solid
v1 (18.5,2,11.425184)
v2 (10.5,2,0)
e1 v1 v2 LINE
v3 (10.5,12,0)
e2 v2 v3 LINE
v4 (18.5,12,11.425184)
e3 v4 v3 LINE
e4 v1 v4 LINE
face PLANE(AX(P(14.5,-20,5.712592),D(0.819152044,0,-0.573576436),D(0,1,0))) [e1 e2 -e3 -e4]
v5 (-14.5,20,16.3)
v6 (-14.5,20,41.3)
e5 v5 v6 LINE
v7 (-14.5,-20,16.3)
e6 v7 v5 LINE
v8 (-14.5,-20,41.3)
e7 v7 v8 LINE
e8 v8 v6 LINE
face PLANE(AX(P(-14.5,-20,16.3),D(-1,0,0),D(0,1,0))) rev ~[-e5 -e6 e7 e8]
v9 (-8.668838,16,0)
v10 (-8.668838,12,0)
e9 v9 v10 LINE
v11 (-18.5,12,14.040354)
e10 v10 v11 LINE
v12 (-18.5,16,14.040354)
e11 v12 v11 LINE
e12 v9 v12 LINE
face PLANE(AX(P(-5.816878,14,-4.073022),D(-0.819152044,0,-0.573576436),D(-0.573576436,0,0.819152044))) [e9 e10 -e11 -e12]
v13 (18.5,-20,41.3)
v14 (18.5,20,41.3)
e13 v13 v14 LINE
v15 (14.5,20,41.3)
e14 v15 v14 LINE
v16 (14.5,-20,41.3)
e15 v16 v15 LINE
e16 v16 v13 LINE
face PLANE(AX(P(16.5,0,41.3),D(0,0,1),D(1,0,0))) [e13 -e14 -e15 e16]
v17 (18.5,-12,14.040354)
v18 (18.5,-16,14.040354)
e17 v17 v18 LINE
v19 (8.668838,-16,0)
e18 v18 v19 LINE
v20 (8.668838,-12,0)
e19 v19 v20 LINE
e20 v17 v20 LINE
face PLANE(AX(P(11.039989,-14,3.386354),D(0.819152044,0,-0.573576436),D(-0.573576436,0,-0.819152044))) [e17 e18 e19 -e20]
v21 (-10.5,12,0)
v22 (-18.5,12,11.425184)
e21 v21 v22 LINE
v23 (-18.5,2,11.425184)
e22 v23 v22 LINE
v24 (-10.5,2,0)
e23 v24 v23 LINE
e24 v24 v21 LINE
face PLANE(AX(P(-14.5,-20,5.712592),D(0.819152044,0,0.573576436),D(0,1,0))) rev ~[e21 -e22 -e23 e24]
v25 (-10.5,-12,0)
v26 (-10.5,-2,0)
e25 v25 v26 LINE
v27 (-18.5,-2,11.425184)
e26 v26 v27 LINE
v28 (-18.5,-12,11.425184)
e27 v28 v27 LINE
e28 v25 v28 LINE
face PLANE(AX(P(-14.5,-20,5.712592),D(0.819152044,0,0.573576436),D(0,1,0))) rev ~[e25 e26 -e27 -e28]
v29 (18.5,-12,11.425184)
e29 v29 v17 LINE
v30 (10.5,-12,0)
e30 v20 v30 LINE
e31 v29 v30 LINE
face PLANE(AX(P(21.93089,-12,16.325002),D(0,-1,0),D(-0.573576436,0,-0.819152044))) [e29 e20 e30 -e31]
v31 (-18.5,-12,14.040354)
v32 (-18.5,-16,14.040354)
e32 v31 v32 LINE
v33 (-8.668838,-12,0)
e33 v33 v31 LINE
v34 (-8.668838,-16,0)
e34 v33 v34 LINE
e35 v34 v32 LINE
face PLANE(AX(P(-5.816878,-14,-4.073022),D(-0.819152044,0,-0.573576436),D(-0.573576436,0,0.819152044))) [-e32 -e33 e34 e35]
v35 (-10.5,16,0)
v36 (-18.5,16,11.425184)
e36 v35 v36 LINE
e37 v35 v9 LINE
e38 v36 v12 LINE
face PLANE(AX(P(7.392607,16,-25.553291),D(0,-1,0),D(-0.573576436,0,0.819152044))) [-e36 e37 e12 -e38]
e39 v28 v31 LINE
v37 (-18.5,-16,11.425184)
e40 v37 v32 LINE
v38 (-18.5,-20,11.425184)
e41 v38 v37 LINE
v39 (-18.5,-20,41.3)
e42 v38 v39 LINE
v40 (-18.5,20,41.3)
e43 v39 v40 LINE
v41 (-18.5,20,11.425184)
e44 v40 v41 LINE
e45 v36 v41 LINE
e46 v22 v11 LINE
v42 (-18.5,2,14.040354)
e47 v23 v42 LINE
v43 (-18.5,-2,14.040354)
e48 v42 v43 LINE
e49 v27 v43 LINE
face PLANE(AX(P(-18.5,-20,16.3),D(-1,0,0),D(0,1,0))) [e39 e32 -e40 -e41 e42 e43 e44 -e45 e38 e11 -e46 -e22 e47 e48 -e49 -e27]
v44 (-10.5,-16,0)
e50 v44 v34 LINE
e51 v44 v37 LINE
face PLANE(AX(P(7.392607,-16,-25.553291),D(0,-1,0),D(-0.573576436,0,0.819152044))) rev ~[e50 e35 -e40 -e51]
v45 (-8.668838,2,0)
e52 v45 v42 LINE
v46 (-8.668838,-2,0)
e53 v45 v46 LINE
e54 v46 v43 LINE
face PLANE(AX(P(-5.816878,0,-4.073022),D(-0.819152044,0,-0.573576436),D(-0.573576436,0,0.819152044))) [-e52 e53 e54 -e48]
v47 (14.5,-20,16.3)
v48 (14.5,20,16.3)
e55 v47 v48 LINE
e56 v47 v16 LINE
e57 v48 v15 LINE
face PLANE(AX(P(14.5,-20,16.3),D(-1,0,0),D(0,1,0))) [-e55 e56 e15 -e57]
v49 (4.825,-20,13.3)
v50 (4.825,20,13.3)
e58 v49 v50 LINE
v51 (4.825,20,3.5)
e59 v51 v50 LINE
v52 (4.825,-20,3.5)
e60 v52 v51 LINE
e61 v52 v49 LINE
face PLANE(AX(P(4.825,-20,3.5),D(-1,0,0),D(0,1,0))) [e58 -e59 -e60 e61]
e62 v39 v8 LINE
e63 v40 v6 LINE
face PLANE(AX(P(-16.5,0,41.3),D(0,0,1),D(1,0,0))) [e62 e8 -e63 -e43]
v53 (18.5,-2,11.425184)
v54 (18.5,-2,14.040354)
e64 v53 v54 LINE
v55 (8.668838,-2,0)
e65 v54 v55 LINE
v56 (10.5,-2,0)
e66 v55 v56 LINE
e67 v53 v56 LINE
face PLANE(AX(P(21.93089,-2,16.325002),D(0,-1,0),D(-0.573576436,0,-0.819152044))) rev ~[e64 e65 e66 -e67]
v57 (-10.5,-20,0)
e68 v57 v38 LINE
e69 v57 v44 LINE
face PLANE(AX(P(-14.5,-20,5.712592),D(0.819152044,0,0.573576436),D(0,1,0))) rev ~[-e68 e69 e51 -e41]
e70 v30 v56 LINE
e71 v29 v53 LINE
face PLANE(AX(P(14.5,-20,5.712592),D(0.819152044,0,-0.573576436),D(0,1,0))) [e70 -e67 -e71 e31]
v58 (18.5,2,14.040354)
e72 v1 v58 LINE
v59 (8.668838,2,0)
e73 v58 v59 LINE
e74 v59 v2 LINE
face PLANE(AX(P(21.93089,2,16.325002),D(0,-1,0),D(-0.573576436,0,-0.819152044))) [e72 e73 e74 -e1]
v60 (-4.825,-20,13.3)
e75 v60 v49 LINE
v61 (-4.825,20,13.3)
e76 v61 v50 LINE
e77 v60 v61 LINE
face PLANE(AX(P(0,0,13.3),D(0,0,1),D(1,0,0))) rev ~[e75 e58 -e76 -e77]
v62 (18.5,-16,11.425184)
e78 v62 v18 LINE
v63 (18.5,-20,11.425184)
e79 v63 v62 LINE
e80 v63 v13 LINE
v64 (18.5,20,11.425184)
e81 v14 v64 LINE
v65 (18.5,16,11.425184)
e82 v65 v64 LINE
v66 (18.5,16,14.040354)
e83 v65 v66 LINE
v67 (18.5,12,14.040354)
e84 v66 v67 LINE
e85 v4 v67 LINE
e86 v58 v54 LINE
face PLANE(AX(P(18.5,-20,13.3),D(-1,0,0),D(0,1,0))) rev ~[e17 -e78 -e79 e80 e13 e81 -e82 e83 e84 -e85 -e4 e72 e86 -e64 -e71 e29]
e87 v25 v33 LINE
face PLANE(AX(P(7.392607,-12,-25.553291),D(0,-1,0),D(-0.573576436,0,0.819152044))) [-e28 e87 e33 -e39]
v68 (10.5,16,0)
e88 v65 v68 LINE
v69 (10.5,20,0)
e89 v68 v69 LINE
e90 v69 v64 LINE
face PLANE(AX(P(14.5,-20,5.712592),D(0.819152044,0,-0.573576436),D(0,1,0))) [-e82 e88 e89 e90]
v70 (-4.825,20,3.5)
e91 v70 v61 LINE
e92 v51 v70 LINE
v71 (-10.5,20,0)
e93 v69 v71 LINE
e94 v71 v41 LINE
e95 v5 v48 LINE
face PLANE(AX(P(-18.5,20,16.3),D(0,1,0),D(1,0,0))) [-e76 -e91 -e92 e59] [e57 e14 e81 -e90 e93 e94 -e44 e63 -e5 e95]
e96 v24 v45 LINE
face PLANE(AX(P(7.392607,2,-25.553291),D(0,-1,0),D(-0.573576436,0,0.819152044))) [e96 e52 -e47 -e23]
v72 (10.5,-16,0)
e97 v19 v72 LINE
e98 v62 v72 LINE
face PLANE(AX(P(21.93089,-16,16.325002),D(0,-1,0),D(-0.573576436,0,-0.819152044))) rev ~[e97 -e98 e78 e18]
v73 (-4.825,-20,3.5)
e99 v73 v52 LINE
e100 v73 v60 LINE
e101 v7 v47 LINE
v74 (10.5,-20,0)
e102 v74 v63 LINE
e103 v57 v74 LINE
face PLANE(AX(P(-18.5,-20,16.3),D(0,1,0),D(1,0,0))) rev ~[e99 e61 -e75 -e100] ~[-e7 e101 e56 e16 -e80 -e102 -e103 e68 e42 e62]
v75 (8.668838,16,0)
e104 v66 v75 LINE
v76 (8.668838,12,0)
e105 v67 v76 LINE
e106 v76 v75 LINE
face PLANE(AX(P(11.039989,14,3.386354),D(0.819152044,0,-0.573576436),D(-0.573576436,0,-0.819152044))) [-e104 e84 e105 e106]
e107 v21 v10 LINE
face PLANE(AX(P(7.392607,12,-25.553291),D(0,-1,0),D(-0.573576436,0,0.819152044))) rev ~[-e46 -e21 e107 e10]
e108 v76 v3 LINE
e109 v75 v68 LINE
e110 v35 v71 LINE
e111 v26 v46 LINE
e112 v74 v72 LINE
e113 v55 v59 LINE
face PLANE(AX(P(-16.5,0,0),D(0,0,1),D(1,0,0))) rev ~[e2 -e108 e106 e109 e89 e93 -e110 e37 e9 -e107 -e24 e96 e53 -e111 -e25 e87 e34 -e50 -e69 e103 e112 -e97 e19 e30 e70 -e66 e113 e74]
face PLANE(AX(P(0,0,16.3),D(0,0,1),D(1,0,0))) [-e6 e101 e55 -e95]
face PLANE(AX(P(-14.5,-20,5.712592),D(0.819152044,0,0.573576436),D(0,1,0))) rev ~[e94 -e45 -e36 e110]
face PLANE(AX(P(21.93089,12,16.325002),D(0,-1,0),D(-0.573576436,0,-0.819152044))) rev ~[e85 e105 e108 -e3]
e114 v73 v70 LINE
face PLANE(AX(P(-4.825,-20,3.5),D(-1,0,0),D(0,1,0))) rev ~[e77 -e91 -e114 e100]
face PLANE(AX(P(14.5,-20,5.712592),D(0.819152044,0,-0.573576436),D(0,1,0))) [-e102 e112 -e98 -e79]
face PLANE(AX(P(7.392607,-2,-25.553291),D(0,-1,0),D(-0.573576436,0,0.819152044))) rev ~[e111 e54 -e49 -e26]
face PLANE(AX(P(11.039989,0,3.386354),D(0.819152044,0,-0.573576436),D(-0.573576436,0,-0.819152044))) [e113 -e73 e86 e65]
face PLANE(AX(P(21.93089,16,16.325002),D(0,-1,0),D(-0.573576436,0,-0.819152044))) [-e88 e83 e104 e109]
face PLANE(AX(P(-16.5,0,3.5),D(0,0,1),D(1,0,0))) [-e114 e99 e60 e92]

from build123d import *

# Parameters (mm, degrees)
SKETCH2_W              = 4
SKETCH2_H              = 40
SKETCH2_W_2            = 9.675
SKETCH2_W_3            = 9.65
BOTTOMBASE_DEPTH       = 3.5
EXTRUDE_START          = 3.5
SKETCH2_3_W            = 9.675
SKETCH2_3_H            = 40
SKETCH2_3_W_2          = 4
EXTRUDE_U_DEPTH        = 9.8
TOPFORU_START          = 13.3
SKETCH2_5_W            = 37
SKETCH2_5_H            = 40
TOPFORU_DEPTH          = 3
ANGLEDBOTTOM_SIZE      = 8
ANGLEDBOTTOM_SIZE2     = 11.425184054
SIDESTOHOLDMOTOR_START = 16.3
SKETCH2_4_W            = 4
SKETCH2_4_H            = 40
SIDESTOHOLDMOTOR_DEPTH = 25
SKETCH3_W              = 33.690968993
SKETCH3_H              = 4
ZIPTIEHOLE_DEPTH       = 1.5
SKETCH4_W              = 50.344511624
SKETCH4_H              = 4
ZIPTIEHOLE2_DEPTH      = 1.5


with BuildPart() as part:
    # Sketch2 → BottomBase (new body)
    with BuildSketch(Plane.XY):
        with Locations((-16.5, 0)):
            Rectangle(SKETCH2_W, SKETCH2_H)
        with Locations((-9.6625, 0)):
            Rectangle(SKETCH2_W_2, SKETCH2_H)
        Rectangle(SKETCH2_W_3, SKETCH2_H)
        with Locations((9.6625, 0)):
            Rectangle(SKETCH2_W_2, SKETCH2_H)
        with Locations((16.5, 0)):
            Rectangle(SKETCH2_W, SKETCH2_H)
    extrude(amount=BOTTOMBASE_DEPTH)

    # Sketch2<3> → U (add)
    with BuildSketch(Plane.XY.offset(EXTRUDE_START)):
        with Locations((9.6625, 0)):
            Rectangle(SKETCH2_3_W, SKETCH2_3_H)
        with Locations((16.5, 0)):
            Rectangle(SKETCH2_3_W_2, SKETCH2_3_H)
        with Locations((-9.6625, 0)):
            Rectangle(SKETCH2_3_W, SKETCH2_3_H)
        with Locations((-16.5, 0)):
            Rectangle(SKETCH2_3_W_2, SKETCH2_3_H)
    extrude(amount=EXTRUDE_U_DEPTH)

    # Sketch2<5> → topForU (add)
    with BuildSketch(Plane.XY.offset(TOPFORU_START)):
        Rectangle(SKETCH2_5_W, SKETCH2_5_H)
    extrude(amount=TOPFORU_DEPTH)

    # angledBottom
    angledbottom_edges = [part.edges().sort_by_distance(p)[0] for p in [
        (18.5, 0, 0),
        (-18.5, 0, 0),
    ]]
    angledbottom_side = [part.faces().sort_by_distance(p)[0] for p in [
        (0, 0, 0),
    ]]
    chamfer(angledbottom_edges, length=ANGLEDBOTTOM_SIZE, length2=ANGLEDBOTTOM_SIZE2, reference=angledbottom_side[0])

    # Sketch2<4> → sidesToHoldMotor (add)
    with BuildSketch(Plane.XY.offset(SIDESTOHOLDMOTOR_START)):
        with Locations((-16.5, 0)):
            Rectangle(SKETCH2_4_W, SKETCH2_4_H)
        with Locations((16.5, 0)):
            Rectangle(SKETCH2_4_W, SKETCH2_4_H)
    extrude(amount=SIDESTOHOLDMOTOR_DEPTH)

    # Sketch3 → zipTieHole (cut)
    with BuildSketch(Plane(origin=(7.045605752, 0, -4.933386259), x_dir=(-0.5735764363510474, 0, -0.819152044288991), z_dir=(0.819152044288991, 0, -0.5735764363510474))):
        with Locations((-9.106215993, 0)):
            Rectangle(SKETCH3_W, SKETCH3_H)
        with Locations((-9.106215993, 14)):
            Rectangle(SKETCH3_W, SKETCH3_H)
        with Locations((-9.106215993, -14)):
            Rectangle(SKETCH3_W, SKETCH3_H)
    extrude(amount=-ZIPTIEHOLE_DEPTH, mode=Mode.SUBTRACT)

    # Sketch4 → zipTieHole2 (cut)
    with BuildSketch(Plane(origin=(-7.045605752, 0, -4.933386259), x_dir=(-0.5735764363510474, 0, 0.819152044288991), z_dir=(-0.819152044288991, 0, -0.5735764363510474))):
        Rectangle(SKETCH4_W, SKETCH4_H)
        with Locations((0, 14)):
            Rectangle(SKETCH4_W, SKETCH4_H)
        with Locations((0, -14)):
            Rectangle(SKETCH4_W, SKETCH4_H)
    extrude(amount=-ZIPTIEHOLE2_DEPTH, mode=Mode.SUBTRACT)


solid = part.part
